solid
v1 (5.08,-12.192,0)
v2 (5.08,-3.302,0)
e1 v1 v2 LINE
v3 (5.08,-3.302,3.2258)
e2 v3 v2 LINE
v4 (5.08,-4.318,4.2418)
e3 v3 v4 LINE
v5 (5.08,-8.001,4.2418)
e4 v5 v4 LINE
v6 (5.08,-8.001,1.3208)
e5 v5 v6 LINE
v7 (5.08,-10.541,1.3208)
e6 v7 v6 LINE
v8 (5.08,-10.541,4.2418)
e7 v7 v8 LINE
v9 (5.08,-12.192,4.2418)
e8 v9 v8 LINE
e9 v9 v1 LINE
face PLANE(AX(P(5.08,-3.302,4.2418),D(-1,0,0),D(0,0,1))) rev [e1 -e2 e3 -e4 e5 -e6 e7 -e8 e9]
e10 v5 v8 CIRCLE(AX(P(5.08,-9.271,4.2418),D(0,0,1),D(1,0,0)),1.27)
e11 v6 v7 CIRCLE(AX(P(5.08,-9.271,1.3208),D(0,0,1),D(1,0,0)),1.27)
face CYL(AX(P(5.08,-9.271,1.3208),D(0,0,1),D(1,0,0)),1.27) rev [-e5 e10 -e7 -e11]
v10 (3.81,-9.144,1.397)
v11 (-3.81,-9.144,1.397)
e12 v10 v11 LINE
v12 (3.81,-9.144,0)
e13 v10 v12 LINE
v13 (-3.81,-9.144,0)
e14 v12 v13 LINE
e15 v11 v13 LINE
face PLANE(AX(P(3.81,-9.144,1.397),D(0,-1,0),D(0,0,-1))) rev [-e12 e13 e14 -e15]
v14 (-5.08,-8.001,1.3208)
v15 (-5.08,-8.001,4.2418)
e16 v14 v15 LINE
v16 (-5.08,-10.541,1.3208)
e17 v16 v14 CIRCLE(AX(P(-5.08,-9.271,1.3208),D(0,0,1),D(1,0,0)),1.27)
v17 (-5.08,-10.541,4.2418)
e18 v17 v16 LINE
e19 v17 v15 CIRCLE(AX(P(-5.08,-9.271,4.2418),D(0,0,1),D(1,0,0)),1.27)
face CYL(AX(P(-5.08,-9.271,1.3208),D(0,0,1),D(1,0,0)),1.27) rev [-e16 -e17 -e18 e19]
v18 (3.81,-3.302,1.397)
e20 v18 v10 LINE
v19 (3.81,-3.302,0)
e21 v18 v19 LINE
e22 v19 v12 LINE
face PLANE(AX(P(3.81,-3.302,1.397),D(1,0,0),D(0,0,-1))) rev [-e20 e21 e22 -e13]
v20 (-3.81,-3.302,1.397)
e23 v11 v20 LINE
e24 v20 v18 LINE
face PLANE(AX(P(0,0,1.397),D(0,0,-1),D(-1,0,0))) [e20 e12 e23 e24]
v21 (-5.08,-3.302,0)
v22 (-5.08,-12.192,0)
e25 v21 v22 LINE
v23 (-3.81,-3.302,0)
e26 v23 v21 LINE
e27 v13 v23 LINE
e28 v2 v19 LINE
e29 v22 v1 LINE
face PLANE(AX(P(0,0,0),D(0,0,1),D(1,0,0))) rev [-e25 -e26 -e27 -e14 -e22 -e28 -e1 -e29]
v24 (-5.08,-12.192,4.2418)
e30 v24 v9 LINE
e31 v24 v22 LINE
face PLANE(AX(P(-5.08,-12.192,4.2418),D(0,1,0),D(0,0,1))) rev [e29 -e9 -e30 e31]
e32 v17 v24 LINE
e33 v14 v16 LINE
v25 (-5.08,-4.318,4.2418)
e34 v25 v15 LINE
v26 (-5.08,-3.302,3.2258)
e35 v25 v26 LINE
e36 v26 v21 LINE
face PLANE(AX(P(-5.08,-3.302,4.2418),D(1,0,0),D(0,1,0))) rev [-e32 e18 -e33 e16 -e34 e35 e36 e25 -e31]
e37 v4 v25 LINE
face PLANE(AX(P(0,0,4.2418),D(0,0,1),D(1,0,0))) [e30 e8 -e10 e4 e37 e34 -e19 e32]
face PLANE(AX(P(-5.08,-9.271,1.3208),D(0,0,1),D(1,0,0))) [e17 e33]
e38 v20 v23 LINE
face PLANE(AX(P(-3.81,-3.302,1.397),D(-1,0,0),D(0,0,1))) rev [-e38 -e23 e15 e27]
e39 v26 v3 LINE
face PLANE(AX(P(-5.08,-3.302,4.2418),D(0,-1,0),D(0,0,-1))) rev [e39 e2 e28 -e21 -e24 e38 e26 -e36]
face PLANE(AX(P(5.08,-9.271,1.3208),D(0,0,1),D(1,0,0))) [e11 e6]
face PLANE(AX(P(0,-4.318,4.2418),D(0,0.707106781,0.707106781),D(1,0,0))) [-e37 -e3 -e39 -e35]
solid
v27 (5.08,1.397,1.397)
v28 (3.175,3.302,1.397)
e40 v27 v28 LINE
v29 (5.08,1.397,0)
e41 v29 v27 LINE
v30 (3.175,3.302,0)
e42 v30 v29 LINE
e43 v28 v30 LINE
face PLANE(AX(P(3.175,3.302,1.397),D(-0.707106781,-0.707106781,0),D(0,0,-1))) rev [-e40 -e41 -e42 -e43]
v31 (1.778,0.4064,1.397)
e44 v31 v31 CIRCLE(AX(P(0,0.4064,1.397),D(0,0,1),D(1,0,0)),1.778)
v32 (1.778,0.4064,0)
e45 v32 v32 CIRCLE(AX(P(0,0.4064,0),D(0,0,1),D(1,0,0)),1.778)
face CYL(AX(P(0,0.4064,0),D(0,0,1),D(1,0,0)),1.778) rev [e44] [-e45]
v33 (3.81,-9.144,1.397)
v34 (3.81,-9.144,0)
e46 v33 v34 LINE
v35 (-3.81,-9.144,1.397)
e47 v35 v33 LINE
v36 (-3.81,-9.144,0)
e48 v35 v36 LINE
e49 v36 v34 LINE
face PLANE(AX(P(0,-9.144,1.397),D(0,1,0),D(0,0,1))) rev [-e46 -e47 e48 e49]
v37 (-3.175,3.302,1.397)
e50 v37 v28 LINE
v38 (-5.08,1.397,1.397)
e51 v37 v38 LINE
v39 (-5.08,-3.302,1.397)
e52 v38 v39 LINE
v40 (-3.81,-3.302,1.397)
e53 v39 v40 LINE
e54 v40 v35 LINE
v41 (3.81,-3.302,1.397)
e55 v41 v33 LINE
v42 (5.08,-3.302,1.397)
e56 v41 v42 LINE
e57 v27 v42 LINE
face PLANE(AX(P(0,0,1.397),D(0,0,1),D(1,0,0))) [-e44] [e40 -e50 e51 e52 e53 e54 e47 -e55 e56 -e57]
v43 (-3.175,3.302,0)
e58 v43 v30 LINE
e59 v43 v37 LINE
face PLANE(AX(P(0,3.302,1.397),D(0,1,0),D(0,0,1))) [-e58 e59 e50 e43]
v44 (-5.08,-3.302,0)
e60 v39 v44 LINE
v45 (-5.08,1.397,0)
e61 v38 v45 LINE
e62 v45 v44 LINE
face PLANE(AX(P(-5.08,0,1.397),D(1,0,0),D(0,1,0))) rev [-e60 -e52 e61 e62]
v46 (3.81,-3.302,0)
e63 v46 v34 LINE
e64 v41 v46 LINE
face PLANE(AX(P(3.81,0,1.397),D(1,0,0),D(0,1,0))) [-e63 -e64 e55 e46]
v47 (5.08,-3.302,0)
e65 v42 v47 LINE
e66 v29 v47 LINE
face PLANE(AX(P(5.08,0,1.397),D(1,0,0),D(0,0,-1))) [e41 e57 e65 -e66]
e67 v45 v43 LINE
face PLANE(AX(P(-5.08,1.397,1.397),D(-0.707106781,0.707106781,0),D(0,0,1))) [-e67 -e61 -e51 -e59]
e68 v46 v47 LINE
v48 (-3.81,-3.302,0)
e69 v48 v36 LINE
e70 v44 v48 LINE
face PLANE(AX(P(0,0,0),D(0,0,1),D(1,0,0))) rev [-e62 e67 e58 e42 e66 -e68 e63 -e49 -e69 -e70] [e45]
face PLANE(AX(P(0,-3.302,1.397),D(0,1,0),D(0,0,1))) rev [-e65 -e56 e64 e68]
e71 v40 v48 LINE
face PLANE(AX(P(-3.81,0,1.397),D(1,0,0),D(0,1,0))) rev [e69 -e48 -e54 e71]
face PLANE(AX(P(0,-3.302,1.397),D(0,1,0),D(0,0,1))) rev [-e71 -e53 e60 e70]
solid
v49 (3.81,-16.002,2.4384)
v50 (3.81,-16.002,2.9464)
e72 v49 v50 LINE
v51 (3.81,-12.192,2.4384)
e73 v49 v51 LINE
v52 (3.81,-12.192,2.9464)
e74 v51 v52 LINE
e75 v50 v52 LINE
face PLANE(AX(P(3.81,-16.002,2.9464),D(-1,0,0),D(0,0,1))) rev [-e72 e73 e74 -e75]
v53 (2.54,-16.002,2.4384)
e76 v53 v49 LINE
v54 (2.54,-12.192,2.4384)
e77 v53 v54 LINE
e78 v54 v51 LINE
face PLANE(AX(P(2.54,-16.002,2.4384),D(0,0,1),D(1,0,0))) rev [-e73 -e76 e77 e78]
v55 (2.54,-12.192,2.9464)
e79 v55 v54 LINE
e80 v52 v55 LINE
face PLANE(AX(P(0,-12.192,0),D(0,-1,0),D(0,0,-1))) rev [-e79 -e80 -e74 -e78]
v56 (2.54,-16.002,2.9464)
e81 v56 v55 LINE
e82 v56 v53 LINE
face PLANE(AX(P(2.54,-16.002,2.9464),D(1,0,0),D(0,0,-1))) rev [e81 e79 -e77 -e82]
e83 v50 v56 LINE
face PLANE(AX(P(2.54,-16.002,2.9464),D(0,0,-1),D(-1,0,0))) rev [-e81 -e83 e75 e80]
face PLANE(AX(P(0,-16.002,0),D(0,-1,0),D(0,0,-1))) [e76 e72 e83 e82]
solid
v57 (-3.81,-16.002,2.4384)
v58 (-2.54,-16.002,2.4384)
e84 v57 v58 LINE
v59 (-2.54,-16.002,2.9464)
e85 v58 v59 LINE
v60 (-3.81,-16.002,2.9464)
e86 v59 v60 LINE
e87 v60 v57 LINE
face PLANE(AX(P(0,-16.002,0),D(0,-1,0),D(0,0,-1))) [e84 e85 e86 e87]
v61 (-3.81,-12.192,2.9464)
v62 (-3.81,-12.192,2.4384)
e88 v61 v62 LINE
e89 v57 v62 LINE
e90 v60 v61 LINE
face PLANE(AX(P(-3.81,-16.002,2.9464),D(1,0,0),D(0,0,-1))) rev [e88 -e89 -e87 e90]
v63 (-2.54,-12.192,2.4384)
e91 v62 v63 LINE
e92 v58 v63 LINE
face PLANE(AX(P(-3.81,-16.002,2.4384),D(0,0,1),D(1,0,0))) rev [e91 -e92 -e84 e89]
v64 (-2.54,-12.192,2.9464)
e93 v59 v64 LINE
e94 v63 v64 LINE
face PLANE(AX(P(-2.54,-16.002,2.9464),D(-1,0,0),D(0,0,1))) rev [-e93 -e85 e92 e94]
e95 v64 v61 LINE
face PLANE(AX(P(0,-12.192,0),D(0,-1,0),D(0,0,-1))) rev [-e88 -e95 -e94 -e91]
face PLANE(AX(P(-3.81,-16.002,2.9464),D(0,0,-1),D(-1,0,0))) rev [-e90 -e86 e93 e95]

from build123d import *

# Parameters (mm, degrees)
SKETCH2_W             = 10.16
SKETCH2_H             = 6.604
SKETCH2_W_2           = 7.62
SKETCH2_H_2           = 5.842
BOSS_EXTRUDE1_DEPTH   = 1.397
SKETCH3_R             = 1.778
CUT_EXTRUDE1_DEPTH    = 11.553233865
SKETCH4_W             = 10.16
SKETCH4_H             = 8.89
BOSS_EXTRUDE2_DEPTH   = 4.2418
SKETCH7_W             = 7.62
SKETCH7_H             = 5.842
CUT_EXTRUDE3_DEPTH    = 1.397
SKETCH8_W             = 1.27
SKETCH8_H             = 0.508
BOSS_EXTRUDE3_DEPTH   = 3.81
BOSS_EXTRUDE3_2_DEPTH = 3.81
CHAMFER1_SIZE         = 1.905
CHAMFER2_SIZE         = 1.016
SKETCH10_R            = 1.27
CUT_EXTRUDE4_DEPTH    = 2.921


with BuildPart() as part:
    # Sketch2 → Boss-Extrude1 (new body)
    with BuildSketch(Plane.XY):
        Rectangle(SKETCH2_W, SKETCH2_H)
        with Locations((0, -6.223)):
            Rectangle(SKETCH2_W_2, SKETCH2_H_2)
    extrude(amount=BOSS_EXTRUDE1_DEPTH)

    # Sketch3 → Cut-Extrude1 (cut, through all)
    with BuildSketch(Plane.XY.offset(1.397)):
        with Locations((0, 0.4064)):
            Circle(SKETCH3_R)
    extrude(amount=-CUT_EXTRUDE1_DEPTH, mode=Mode.SUBTRACT)

    # Chamfer1
    chamfer1_edges = [part.edges().sort_by_distance(p)[0] for p in [
        (-5.08, 3.302, 0.6985),
        (5.08, 3.302, 0.6985),
    ]]
    chamfer(chamfer1_edges, length=CHAMFER1_SIZE)


with BuildPart() as body_2:
    # Sketch4 → Boss-Extrude2 (new body)
    with BuildSketch(Plane.XY):
        with Locations((0, -7.747)):
            Rectangle(SKETCH4_W, SKETCH4_H)
    extrude(amount=BOSS_EXTRUDE2_DEPTH)

    # Sketch7 → Cut-Extrude3 (cut)
    with BuildSketch(Plane(origin=(0, 0, 0), x_dir=(-1, 0, 0), z_dir=(0, 0, -1))):
        with Locations((0, -6.223)):
            Rectangle(SKETCH7_W, SKETCH7_H)
    extrude(amount=-CUT_EXTRUDE3_DEPTH, mode=Mode.SUBTRACT)

    # Chamfer2
    chamfer2_edges = [body_2.edges().sort_by_distance(p)[0] for p in [
        (0, -3.302, 4.2418),
    ]]
    chamfer(chamfer2_edges, length=CHAMFER2_SIZE)

    # Sketch10 → Cut-Extrude4 (cut)
    with BuildSketch(Plane.XY.offset(4.2418)):
        with Locations((5.08, -9.271)):
            Circle(SKETCH10_R)
        with Locations((-5.08, -9.271)):
            Circle(SKETCH10_R)
    extrude(amount=-CUT_EXTRUDE4_DEPTH, mode=Mode.SUBTRACT)


with BuildPart() as body_3:
    # Sketch8 → Boss-Extrude3 (new body)
    with BuildSketch(Plane.XZ.offset(12.192)):
        with Locations((-3.175, 2.6924)):
            Rectangle(SKETCH8_W, SKETCH8_H)
    extrude(amount=BOSS_EXTRUDE3_DEPTH)


with BuildPart() as body_4:
    # Sketch8 → Boss-Extrude3 2 (new body)
    with BuildSketch(Plane.XZ.offset(12.192)):
        with Locations((3.175, 2.6924)):
            Rectangle(SKETCH8_W, SKETCH8_H)
    extrude(amount=BOSS_EXTRUDE3_2_DEPTH)


solid = Compound([part.part, body_2.part, body_3.part, body_4.part])
